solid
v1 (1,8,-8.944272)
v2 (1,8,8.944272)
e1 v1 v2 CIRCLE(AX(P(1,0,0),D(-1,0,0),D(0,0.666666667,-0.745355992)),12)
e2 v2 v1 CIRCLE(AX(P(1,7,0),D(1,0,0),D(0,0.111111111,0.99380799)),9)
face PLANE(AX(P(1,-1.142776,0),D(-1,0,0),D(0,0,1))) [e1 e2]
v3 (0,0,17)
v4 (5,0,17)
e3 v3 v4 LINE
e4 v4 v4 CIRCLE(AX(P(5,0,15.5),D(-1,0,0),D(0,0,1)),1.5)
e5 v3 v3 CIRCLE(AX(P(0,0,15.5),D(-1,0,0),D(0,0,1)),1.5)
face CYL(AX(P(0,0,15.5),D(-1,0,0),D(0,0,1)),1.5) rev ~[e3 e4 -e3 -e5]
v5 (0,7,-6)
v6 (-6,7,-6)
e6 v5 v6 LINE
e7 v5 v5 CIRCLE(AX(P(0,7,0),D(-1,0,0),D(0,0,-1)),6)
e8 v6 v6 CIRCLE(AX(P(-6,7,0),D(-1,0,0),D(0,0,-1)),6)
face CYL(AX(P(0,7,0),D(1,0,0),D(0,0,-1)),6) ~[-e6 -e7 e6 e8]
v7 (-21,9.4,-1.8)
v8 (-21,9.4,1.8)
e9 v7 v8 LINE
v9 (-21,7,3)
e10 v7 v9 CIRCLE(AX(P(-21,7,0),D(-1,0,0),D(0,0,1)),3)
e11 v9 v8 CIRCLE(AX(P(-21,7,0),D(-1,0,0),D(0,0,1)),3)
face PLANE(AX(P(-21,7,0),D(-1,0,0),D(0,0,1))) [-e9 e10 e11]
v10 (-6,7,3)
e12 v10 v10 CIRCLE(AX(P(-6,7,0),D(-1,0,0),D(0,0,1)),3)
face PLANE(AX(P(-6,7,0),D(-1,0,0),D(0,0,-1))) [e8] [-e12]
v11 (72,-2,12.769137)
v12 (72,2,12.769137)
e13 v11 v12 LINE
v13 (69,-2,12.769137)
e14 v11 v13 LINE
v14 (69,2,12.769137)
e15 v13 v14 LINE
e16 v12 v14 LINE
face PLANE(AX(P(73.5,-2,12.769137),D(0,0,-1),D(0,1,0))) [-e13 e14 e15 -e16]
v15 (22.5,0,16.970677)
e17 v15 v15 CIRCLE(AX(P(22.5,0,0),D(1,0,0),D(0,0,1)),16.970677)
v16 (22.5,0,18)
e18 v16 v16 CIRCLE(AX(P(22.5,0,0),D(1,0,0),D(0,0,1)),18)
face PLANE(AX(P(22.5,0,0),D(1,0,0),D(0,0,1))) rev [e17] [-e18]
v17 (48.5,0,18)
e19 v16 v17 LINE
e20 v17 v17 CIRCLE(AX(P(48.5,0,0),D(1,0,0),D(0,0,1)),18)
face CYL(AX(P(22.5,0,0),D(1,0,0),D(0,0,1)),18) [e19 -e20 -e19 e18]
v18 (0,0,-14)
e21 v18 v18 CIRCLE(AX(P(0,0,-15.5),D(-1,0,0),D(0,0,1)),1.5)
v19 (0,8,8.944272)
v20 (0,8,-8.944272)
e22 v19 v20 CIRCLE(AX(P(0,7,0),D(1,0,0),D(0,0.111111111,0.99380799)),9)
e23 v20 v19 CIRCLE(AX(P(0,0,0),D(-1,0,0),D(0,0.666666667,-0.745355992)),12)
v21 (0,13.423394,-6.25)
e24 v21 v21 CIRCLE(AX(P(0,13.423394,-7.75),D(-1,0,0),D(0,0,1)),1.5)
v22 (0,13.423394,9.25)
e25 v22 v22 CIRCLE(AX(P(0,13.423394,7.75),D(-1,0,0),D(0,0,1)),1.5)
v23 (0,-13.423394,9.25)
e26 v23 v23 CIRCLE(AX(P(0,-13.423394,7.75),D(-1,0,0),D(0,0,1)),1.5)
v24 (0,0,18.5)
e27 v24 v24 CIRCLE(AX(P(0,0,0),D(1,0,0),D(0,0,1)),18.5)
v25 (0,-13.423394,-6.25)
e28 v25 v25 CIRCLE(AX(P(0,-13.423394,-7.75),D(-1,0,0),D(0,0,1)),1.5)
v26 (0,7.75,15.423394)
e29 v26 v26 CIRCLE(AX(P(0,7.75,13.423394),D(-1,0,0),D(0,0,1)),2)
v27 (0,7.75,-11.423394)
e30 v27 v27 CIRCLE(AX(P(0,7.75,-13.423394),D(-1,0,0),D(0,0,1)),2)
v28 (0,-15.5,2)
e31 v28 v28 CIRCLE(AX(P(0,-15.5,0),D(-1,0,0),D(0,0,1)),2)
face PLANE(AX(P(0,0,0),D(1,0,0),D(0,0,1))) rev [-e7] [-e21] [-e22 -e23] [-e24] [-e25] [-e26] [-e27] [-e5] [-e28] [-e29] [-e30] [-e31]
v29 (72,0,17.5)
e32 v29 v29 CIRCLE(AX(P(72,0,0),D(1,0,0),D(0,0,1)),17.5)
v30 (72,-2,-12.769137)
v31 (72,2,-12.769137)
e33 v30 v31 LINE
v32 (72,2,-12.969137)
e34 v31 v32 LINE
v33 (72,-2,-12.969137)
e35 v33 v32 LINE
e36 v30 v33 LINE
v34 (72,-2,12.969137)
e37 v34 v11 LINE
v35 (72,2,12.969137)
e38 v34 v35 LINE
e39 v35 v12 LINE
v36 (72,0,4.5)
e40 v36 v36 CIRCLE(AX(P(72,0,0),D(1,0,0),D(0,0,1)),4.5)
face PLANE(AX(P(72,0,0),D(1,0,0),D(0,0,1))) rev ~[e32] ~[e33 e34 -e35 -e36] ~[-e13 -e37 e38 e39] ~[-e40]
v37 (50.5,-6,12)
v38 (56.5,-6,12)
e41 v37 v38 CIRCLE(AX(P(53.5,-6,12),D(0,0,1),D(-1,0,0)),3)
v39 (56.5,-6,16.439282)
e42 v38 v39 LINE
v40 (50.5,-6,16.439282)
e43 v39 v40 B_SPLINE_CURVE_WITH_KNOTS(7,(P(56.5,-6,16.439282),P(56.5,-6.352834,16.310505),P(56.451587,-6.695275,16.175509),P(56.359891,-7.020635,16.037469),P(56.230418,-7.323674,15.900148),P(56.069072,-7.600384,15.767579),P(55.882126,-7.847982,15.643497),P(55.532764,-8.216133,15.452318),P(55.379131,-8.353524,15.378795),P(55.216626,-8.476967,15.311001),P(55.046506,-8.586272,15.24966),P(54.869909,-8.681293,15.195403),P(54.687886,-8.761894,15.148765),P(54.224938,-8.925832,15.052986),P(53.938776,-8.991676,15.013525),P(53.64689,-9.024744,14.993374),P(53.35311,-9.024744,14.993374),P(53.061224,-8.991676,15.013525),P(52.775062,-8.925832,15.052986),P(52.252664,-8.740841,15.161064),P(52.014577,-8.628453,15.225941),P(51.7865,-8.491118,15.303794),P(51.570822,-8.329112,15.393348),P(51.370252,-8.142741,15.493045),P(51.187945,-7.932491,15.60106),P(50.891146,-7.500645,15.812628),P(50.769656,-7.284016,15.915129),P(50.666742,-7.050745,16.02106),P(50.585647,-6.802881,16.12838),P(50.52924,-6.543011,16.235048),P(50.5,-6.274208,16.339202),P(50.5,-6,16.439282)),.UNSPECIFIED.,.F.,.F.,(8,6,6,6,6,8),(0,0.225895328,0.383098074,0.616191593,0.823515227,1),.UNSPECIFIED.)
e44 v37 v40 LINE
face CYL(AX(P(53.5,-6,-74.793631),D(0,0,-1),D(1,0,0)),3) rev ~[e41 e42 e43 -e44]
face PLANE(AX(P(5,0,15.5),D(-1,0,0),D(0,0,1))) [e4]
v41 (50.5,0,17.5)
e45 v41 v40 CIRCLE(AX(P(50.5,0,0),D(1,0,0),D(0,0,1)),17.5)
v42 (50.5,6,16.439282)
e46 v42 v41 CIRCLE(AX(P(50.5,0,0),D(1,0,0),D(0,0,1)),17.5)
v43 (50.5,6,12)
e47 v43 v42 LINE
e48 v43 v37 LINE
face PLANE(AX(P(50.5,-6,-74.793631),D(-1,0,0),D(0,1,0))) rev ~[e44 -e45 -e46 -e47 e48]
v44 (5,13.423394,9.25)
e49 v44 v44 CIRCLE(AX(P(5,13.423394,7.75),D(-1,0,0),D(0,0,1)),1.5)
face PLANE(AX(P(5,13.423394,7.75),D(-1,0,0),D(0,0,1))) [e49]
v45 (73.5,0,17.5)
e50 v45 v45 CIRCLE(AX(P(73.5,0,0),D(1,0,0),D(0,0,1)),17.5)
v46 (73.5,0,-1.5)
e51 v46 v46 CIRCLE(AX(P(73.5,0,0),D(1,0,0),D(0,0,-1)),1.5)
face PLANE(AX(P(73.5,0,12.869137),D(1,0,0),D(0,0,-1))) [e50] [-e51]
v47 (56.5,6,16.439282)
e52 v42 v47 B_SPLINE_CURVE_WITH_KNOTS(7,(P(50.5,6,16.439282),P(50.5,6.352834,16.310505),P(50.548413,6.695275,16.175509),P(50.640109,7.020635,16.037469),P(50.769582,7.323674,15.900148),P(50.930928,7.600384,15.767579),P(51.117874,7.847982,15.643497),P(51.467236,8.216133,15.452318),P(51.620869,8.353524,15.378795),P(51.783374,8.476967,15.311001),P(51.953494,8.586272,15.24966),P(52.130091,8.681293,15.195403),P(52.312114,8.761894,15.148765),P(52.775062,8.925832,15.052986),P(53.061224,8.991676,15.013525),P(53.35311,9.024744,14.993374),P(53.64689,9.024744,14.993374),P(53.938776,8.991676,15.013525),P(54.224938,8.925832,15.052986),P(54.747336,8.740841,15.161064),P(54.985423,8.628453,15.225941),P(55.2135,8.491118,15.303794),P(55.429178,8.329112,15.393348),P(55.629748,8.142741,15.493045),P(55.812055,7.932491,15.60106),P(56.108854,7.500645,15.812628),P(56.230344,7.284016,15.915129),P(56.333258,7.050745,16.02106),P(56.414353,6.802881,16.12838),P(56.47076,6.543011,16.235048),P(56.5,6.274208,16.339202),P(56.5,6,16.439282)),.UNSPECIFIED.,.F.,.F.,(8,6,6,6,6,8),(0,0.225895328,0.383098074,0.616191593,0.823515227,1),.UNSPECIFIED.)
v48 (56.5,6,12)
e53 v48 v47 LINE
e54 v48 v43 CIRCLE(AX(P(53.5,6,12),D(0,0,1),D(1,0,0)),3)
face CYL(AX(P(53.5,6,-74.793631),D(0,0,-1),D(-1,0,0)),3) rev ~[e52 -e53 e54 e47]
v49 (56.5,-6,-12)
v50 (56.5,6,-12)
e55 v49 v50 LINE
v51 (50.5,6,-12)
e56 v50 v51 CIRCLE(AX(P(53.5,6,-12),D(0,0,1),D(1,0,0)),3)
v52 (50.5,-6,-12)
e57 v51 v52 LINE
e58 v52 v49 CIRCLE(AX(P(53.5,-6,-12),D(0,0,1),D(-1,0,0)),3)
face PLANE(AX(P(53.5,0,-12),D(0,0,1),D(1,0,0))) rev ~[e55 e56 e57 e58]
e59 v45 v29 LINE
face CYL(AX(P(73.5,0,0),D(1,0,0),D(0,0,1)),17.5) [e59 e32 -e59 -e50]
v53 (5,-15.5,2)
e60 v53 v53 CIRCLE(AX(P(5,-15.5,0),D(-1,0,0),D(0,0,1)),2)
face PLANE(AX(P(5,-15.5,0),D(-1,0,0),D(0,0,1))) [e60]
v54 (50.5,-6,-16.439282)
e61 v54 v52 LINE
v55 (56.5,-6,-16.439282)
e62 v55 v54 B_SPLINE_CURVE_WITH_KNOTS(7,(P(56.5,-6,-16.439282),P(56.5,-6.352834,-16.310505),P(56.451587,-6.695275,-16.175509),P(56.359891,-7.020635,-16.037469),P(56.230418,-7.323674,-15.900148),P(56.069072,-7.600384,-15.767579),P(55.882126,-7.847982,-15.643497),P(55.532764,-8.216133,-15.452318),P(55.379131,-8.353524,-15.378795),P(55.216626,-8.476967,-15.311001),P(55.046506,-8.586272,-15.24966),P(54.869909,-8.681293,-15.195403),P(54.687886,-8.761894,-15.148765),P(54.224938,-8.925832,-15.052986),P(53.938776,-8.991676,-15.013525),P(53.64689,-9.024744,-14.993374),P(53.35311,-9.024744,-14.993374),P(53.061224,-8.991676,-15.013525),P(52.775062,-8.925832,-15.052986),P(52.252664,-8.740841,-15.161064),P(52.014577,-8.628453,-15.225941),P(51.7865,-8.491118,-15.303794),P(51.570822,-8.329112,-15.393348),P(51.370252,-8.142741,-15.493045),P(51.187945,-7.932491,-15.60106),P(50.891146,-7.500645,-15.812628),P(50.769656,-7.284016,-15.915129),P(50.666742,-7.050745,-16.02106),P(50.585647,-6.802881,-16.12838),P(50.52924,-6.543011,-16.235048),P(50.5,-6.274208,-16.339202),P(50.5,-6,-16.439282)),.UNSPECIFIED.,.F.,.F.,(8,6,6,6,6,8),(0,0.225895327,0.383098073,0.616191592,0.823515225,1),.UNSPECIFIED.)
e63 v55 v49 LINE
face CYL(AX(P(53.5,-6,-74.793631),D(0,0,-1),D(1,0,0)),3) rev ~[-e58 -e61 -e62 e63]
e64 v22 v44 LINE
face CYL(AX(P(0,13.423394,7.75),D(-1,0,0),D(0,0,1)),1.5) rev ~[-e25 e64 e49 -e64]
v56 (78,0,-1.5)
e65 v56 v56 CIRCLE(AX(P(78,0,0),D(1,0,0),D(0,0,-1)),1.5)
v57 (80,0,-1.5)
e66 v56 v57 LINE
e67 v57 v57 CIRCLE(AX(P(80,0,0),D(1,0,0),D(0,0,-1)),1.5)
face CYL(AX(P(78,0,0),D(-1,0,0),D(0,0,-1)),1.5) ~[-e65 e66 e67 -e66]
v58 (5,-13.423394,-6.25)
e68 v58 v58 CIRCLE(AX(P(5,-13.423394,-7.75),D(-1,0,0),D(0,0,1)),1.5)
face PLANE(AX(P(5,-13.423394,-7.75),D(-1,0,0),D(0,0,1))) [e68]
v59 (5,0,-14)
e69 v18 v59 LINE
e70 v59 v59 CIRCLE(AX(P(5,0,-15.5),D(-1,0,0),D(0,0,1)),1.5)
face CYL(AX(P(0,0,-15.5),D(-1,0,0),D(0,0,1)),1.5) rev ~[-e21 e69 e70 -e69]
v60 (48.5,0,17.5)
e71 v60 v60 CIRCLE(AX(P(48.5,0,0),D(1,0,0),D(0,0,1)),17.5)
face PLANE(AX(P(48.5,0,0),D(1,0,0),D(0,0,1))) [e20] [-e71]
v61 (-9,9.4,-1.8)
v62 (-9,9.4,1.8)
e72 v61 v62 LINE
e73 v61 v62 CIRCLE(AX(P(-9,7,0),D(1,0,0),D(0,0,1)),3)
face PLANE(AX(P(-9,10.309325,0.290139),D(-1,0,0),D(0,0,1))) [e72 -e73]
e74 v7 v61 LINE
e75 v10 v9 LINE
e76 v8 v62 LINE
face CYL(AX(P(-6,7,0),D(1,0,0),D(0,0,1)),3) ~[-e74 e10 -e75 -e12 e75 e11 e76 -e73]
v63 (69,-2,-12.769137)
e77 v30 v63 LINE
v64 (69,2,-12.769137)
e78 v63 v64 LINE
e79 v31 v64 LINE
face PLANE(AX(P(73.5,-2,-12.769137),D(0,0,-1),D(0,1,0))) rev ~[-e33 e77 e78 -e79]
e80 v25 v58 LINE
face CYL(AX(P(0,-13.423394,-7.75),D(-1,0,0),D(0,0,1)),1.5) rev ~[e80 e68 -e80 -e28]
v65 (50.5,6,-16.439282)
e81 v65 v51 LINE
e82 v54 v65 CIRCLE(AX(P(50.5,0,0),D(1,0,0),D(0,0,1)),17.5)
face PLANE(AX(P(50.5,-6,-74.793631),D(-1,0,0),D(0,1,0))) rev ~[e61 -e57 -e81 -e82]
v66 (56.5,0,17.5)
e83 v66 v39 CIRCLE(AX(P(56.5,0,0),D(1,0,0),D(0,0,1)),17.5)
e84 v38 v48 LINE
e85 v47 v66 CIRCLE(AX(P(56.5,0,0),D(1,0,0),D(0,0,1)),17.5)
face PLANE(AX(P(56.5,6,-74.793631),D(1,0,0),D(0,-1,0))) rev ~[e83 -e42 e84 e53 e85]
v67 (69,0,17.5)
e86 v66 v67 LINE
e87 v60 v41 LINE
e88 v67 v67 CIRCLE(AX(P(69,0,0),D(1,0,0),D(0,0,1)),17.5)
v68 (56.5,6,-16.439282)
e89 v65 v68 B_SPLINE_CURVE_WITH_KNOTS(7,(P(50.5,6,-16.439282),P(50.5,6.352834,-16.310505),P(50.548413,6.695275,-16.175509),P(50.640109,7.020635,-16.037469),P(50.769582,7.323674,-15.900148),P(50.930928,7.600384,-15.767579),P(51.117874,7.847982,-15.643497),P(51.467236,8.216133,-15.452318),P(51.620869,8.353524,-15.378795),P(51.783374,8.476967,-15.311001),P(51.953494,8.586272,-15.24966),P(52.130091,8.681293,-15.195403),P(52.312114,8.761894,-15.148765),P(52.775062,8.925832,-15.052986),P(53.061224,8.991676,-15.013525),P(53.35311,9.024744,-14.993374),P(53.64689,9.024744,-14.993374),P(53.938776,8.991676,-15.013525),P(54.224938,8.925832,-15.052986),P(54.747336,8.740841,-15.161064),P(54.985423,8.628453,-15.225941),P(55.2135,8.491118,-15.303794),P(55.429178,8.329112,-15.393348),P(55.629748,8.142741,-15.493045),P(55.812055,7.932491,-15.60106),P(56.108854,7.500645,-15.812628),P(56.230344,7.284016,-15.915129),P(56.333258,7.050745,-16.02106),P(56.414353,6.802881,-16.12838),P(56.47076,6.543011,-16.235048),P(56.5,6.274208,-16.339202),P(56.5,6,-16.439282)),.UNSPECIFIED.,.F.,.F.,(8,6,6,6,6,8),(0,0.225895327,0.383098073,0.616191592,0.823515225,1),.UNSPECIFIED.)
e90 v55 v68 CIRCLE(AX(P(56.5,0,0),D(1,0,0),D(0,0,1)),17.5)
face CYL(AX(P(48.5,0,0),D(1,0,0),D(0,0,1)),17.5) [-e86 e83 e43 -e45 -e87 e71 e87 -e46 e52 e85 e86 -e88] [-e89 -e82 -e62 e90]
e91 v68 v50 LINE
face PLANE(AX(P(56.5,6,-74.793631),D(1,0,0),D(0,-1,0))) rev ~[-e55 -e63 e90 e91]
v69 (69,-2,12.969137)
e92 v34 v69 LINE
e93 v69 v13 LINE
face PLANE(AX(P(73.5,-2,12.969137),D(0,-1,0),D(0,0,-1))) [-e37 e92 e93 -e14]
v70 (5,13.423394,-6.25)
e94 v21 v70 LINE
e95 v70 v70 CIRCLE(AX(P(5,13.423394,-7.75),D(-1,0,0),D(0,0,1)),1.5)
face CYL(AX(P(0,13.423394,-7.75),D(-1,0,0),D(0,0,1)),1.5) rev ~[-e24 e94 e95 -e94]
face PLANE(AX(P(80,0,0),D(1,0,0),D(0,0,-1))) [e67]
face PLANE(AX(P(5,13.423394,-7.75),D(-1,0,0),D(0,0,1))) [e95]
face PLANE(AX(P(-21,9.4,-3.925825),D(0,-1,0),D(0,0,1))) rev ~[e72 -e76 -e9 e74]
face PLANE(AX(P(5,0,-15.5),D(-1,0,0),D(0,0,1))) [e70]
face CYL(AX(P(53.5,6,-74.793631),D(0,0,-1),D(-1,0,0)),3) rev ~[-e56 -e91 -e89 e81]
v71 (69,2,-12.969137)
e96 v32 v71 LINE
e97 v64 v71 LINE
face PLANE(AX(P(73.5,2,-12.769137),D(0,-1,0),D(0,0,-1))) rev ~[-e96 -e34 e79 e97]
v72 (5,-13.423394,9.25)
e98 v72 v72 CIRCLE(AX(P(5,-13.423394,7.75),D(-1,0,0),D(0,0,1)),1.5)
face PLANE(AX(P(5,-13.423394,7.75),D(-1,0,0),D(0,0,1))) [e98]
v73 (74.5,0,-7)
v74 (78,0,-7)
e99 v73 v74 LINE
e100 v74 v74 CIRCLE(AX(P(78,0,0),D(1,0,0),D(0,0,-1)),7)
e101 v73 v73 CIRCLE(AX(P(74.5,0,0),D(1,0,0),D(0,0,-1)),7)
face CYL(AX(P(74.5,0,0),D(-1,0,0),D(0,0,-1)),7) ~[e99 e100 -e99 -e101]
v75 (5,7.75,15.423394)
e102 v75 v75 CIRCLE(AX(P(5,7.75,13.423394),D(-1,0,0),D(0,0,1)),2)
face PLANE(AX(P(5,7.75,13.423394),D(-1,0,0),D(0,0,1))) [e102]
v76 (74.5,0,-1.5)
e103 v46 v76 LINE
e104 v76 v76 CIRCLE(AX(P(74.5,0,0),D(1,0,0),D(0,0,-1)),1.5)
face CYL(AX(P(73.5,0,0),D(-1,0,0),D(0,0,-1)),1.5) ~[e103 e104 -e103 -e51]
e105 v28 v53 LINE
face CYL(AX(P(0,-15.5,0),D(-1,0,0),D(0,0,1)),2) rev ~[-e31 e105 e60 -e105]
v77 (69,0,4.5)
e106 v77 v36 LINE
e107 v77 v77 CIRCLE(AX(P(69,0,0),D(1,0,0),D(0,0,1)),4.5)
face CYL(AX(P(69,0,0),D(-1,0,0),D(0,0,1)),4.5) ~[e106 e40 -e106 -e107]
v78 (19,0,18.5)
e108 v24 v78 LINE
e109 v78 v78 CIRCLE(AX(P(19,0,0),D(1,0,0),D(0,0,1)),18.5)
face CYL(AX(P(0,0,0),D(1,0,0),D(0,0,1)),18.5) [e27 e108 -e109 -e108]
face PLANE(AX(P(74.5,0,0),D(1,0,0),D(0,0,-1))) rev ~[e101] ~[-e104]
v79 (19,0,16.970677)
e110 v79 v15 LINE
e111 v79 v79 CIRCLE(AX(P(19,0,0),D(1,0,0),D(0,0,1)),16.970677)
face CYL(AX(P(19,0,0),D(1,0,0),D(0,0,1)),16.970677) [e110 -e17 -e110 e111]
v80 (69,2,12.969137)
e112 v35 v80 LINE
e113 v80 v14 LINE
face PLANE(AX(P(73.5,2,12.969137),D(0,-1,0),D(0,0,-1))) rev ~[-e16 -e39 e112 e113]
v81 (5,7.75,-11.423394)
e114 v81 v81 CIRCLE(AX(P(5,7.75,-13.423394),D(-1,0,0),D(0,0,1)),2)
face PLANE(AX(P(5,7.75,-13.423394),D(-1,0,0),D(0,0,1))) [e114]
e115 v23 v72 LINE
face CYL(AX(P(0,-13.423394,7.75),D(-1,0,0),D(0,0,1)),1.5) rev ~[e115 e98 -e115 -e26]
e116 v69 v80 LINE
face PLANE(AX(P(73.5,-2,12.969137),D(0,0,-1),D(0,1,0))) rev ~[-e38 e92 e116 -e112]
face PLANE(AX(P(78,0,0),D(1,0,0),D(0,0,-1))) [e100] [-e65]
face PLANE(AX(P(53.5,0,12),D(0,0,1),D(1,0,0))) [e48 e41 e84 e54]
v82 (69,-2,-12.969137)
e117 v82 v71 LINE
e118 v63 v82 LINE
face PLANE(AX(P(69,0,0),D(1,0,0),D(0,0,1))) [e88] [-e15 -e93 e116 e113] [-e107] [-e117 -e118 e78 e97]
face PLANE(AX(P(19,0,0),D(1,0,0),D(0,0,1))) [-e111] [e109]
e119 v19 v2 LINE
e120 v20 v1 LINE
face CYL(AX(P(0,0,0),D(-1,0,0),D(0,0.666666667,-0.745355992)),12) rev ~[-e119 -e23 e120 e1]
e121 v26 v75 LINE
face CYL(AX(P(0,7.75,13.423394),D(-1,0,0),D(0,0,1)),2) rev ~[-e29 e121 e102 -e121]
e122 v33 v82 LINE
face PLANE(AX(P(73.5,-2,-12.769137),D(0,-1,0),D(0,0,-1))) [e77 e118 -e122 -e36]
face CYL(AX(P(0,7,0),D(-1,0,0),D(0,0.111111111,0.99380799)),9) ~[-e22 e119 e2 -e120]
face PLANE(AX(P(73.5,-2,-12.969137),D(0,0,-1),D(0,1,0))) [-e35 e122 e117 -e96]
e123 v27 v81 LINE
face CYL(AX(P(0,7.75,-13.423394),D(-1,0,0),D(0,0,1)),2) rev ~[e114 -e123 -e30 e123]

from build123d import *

# Parameters (mm, degrees)
CUT_EXTRUDE_1_DEPTH      = 1
SKETCH_3_R               = 6
EXTRUDE_1_DEPTH          = 6
SKETCH_4_R               = 3
EXTRUDE_2_DEPTH          = 15
SKETCH_5_W               = 8.431927353
SKETCH_5_H               = 1.818650998
CUT_EXTRUDE_2_DEPTH      = 12
SKETCH_6_R               = 1.5
CUT_EXTRUDE_3_DEPTH      = 5
SKETCH_8_R               = 2
CUT_EXTRUDE_4_DEPTH      = 5
CUT_EXTRUDE_5_DEPTH      = 74.793631162
CUT_EXTRUDE_5_DEPTH_BACK = 74.793631162
EXTRUDE_3_DEPTH          = 12
EXTRUDE_3_DEPTH_BACK     = 12
SKETCH_11_R              = 4.5
EXTRUDE_4_DEPTH          = 3
EXTRUDE_START            = 1.5
SKETCH_12_R              = 17.5
EXTRUDE_5_DEPTH          = 1.5
SKETCH_13_W              = 0.2
SKETCH_13_H              = 4
EXTRUDE_6_DEPTH          = 5
SKETCH_14_R              = 1.5
EXTRUDE_7_DEPTH          = 1
SKETCH_15_R              = 7
EXTRUDE_8_DEPTH          = 3.5
SKETCH_16_R              = 1.5
EXTRUDE_9_DEPTH          = 2


with BuildPart() as part:
    # 草图1 → 旋转1 (revolve)
    with BuildSketch(Plane(origin=(0, 0, 0), x_dir=(1, 0, 0), z_dir=(0, 1, 0))):
        Polygon((0, 0), (0, 18.5), (19, 18.5), (19, 16.970676932), (22.5, 16.970676932), (22.5, 18), (48.5, 18), (48.5, 17.5), (69, 17.5), (69, 0), align=None)
    revolve(axis=Axis((-22.922421057, 0, 0), (1, 0, 0)))

    # 草图2 → 切除-拉伸1 (cut)
    with BuildSketch(Plane.ZY):
        with BuildLine():
            ThreePointArc((-8.94427191, 8), (0, -12), (8.94427191, 8))
            ThreePointArc((8.94427191, 8), (0, -2), (-8.94427191, 8))
        make_face()
    extrude(amount=-CUT_EXTRUDE_1_DEPTH, mode=Mode.SUBTRACT)

    # 草图3 → 凸台-拉伸1 (add)
    with BuildSketch(Plane.ZY):
        with Locations((0, 7)):
            Circle(SKETCH_3_R)
    extrude(amount=EXTRUDE_1_DEPTH)

    # 草图4 → 凸台-拉伸2 (add)
    with BuildSketch(Plane.ZY.offset(6)):
        with Locations((0, 7)):
            Circle(SKETCH_4_R)
    extrude(amount=EXTRUDE_2_DEPTH)

    # 草图5 → 切除-拉伸2 (cut)
    with BuildSketch(Plane.ZY.offset(21)):
        with Locations((0.29013852, 10.309325499)):
            Rectangle(SKETCH_5_W, SKETCH_5_H)
    extrude(amount=-CUT_EXTRUDE_2_DEPTH, mode=Mode.SUBTRACT)

    # 草图6 → 切除-拉伸3 (cut)
    with BuildSketch(Plane.ZY):
        with Locations((-15.5, 0)):
            Circle(SKETCH_6_R)
        with Locations((-7.75, 13.423393759)):
            Circle(SKETCH_6_R)
        with Locations((7.75, 13.423393759)):
            Circle(SKETCH_6_R)
        with Locations((15.5, 0)):
            Circle(SKETCH_6_R)
        with Locations((7.75, -13.423393759)):
            Circle(SKETCH_6_R)
        with Locations((-7.75, -13.423393759)):
            Circle(SKETCH_6_R)
        with Locations((-13.423393759, 7.75)):
            Circle(SKETCH_6_R)
    extrude(amount=-CUT_EXTRUDE_3_DEPTH, mode=Mode.SUBTRACT)

    # 草图8 → 切除-拉伸4 (cut)
    with BuildSketch(Plane.ZY):
        with Locations((-13.423393759, 7.75)):
            Circle(SKETCH_8_R)
        with Locations((13.423393759, 7.75)):
            Circle(SKETCH_8_R)
        with Locations((0, -15.5)):
            Circle(SKETCH_8_R)
    extrude(amount=-CUT_EXTRUDE_4_DEPTH, mode=Mode.SUBTRACT)

    # 草图9 → 切除-拉伸5 (cut, two sides: drawn at the far end of the back side and taken through both)
    with BuildSketch(Plane.XY.offset(-CUT_EXTRUDE_5_DEPTH_BACK)):
        with BuildLine():
            Line((50.5, -6), (50.5, 6))
            ThreePointArc((50.5, 6), (53.5, 9), (56.5, 6))
            Line((56.5, 6), (56.5, -6))
            ThreePointArc((56.5, -6), (53.5, -9), (50.5, -6))
        make_face()
    extrude(amount=CUT_EXTRUDE_5_DEPTH + CUT_EXTRUDE_5_DEPTH_BACK, mode=Mode.SUBTRACT)

    # 草图10 → 凸台-拉伸3 (add, two sides: drawn at the far end of the back side and taken through both)
    with BuildSketch(Plane.XY.offset(-EXTRUDE_3_DEPTH_BACK)):
        with BuildLine():
            Line((50.5, 6), (50.5, -6))
            ThreePointArc((50.5, -6), (53.5, -9), (56.5, -6))
            Line((56.5, -6), (56.5, 6))
            ThreePointArc((56.5, 6), (53.5, 9), (50.5, 6))
        make_face()
    extrude(amount=EXTRUDE_3_DEPTH + EXTRUDE_3_DEPTH_BACK)

    # 草图11 → 凸台-拉伸4 (add)
    with BuildSketch(Plane(origin=(69, 0, 0), x_dir=(0, 0, -1), z_dir=(1, 0, 0))):
        Circle(SKETCH_11_R)
    extrude(amount=EXTRUDE_4_DEPTH)

    # 草图12 → 凸台-拉伸5 (add)
    with BuildSketch(Plane(origin=(72, 0, 0), x_dir=(0, 0, -1), z_dir=(1, 0, 0)).offset(EXTRUDE_START)):
        Circle(SKETCH_12_R)
    extrude(amount=-EXTRUDE_5_DEPTH)

    # 草图13 → 凸台-拉伸6 (add)
    with BuildSketch(Plane(origin=(73.5, 0, 0), x_dir=(0, 0, -1), z_dir=(1, 0, 0))):
        with Locations((-12.869137114, 0)):
            Rectangle(SKETCH_13_W, SKETCH_13_H)
        with Locations((12.869137114, 0)):
            Rectangle(SKETCH_13_W, SKETCH_13_H)
    extrude(amount=-EXTRUDE_6_DEPTH)

    # 草图14 → 凸台-拉伸7 (add)
    with BuildSketch(Plane(origin=(73.5, 0, 0), x_dir=(0, 0, -1), z_dir=(1, 0, 0))):
        Circle(SKETCH_14_R)
    extrude(amount=EXTRUDE_7_DEPTH)

    # 草图15 → 凸台-拉伸8 (add)
    with BuildSketch(Plane(origin=(74.5, 0, 0), x_dir=(0, 0, -1), z_dir=(1, 0, 0))):
        Circle(SKETCH_15_R)
    extrude(amount=EXTRUDE_8_DEPTH)

    # 草图16 → 凸台-拉伸9 (add)
    with BuildSketch(Plane(origin=(78, 0, 0), x_dir=(0, 0, -1), z_dir=(1, 0, 0))):
        Circle(SKETCH_16_R)
    extrude(amount=EXTRUDE_9_DEPTH)


solid = part.part
